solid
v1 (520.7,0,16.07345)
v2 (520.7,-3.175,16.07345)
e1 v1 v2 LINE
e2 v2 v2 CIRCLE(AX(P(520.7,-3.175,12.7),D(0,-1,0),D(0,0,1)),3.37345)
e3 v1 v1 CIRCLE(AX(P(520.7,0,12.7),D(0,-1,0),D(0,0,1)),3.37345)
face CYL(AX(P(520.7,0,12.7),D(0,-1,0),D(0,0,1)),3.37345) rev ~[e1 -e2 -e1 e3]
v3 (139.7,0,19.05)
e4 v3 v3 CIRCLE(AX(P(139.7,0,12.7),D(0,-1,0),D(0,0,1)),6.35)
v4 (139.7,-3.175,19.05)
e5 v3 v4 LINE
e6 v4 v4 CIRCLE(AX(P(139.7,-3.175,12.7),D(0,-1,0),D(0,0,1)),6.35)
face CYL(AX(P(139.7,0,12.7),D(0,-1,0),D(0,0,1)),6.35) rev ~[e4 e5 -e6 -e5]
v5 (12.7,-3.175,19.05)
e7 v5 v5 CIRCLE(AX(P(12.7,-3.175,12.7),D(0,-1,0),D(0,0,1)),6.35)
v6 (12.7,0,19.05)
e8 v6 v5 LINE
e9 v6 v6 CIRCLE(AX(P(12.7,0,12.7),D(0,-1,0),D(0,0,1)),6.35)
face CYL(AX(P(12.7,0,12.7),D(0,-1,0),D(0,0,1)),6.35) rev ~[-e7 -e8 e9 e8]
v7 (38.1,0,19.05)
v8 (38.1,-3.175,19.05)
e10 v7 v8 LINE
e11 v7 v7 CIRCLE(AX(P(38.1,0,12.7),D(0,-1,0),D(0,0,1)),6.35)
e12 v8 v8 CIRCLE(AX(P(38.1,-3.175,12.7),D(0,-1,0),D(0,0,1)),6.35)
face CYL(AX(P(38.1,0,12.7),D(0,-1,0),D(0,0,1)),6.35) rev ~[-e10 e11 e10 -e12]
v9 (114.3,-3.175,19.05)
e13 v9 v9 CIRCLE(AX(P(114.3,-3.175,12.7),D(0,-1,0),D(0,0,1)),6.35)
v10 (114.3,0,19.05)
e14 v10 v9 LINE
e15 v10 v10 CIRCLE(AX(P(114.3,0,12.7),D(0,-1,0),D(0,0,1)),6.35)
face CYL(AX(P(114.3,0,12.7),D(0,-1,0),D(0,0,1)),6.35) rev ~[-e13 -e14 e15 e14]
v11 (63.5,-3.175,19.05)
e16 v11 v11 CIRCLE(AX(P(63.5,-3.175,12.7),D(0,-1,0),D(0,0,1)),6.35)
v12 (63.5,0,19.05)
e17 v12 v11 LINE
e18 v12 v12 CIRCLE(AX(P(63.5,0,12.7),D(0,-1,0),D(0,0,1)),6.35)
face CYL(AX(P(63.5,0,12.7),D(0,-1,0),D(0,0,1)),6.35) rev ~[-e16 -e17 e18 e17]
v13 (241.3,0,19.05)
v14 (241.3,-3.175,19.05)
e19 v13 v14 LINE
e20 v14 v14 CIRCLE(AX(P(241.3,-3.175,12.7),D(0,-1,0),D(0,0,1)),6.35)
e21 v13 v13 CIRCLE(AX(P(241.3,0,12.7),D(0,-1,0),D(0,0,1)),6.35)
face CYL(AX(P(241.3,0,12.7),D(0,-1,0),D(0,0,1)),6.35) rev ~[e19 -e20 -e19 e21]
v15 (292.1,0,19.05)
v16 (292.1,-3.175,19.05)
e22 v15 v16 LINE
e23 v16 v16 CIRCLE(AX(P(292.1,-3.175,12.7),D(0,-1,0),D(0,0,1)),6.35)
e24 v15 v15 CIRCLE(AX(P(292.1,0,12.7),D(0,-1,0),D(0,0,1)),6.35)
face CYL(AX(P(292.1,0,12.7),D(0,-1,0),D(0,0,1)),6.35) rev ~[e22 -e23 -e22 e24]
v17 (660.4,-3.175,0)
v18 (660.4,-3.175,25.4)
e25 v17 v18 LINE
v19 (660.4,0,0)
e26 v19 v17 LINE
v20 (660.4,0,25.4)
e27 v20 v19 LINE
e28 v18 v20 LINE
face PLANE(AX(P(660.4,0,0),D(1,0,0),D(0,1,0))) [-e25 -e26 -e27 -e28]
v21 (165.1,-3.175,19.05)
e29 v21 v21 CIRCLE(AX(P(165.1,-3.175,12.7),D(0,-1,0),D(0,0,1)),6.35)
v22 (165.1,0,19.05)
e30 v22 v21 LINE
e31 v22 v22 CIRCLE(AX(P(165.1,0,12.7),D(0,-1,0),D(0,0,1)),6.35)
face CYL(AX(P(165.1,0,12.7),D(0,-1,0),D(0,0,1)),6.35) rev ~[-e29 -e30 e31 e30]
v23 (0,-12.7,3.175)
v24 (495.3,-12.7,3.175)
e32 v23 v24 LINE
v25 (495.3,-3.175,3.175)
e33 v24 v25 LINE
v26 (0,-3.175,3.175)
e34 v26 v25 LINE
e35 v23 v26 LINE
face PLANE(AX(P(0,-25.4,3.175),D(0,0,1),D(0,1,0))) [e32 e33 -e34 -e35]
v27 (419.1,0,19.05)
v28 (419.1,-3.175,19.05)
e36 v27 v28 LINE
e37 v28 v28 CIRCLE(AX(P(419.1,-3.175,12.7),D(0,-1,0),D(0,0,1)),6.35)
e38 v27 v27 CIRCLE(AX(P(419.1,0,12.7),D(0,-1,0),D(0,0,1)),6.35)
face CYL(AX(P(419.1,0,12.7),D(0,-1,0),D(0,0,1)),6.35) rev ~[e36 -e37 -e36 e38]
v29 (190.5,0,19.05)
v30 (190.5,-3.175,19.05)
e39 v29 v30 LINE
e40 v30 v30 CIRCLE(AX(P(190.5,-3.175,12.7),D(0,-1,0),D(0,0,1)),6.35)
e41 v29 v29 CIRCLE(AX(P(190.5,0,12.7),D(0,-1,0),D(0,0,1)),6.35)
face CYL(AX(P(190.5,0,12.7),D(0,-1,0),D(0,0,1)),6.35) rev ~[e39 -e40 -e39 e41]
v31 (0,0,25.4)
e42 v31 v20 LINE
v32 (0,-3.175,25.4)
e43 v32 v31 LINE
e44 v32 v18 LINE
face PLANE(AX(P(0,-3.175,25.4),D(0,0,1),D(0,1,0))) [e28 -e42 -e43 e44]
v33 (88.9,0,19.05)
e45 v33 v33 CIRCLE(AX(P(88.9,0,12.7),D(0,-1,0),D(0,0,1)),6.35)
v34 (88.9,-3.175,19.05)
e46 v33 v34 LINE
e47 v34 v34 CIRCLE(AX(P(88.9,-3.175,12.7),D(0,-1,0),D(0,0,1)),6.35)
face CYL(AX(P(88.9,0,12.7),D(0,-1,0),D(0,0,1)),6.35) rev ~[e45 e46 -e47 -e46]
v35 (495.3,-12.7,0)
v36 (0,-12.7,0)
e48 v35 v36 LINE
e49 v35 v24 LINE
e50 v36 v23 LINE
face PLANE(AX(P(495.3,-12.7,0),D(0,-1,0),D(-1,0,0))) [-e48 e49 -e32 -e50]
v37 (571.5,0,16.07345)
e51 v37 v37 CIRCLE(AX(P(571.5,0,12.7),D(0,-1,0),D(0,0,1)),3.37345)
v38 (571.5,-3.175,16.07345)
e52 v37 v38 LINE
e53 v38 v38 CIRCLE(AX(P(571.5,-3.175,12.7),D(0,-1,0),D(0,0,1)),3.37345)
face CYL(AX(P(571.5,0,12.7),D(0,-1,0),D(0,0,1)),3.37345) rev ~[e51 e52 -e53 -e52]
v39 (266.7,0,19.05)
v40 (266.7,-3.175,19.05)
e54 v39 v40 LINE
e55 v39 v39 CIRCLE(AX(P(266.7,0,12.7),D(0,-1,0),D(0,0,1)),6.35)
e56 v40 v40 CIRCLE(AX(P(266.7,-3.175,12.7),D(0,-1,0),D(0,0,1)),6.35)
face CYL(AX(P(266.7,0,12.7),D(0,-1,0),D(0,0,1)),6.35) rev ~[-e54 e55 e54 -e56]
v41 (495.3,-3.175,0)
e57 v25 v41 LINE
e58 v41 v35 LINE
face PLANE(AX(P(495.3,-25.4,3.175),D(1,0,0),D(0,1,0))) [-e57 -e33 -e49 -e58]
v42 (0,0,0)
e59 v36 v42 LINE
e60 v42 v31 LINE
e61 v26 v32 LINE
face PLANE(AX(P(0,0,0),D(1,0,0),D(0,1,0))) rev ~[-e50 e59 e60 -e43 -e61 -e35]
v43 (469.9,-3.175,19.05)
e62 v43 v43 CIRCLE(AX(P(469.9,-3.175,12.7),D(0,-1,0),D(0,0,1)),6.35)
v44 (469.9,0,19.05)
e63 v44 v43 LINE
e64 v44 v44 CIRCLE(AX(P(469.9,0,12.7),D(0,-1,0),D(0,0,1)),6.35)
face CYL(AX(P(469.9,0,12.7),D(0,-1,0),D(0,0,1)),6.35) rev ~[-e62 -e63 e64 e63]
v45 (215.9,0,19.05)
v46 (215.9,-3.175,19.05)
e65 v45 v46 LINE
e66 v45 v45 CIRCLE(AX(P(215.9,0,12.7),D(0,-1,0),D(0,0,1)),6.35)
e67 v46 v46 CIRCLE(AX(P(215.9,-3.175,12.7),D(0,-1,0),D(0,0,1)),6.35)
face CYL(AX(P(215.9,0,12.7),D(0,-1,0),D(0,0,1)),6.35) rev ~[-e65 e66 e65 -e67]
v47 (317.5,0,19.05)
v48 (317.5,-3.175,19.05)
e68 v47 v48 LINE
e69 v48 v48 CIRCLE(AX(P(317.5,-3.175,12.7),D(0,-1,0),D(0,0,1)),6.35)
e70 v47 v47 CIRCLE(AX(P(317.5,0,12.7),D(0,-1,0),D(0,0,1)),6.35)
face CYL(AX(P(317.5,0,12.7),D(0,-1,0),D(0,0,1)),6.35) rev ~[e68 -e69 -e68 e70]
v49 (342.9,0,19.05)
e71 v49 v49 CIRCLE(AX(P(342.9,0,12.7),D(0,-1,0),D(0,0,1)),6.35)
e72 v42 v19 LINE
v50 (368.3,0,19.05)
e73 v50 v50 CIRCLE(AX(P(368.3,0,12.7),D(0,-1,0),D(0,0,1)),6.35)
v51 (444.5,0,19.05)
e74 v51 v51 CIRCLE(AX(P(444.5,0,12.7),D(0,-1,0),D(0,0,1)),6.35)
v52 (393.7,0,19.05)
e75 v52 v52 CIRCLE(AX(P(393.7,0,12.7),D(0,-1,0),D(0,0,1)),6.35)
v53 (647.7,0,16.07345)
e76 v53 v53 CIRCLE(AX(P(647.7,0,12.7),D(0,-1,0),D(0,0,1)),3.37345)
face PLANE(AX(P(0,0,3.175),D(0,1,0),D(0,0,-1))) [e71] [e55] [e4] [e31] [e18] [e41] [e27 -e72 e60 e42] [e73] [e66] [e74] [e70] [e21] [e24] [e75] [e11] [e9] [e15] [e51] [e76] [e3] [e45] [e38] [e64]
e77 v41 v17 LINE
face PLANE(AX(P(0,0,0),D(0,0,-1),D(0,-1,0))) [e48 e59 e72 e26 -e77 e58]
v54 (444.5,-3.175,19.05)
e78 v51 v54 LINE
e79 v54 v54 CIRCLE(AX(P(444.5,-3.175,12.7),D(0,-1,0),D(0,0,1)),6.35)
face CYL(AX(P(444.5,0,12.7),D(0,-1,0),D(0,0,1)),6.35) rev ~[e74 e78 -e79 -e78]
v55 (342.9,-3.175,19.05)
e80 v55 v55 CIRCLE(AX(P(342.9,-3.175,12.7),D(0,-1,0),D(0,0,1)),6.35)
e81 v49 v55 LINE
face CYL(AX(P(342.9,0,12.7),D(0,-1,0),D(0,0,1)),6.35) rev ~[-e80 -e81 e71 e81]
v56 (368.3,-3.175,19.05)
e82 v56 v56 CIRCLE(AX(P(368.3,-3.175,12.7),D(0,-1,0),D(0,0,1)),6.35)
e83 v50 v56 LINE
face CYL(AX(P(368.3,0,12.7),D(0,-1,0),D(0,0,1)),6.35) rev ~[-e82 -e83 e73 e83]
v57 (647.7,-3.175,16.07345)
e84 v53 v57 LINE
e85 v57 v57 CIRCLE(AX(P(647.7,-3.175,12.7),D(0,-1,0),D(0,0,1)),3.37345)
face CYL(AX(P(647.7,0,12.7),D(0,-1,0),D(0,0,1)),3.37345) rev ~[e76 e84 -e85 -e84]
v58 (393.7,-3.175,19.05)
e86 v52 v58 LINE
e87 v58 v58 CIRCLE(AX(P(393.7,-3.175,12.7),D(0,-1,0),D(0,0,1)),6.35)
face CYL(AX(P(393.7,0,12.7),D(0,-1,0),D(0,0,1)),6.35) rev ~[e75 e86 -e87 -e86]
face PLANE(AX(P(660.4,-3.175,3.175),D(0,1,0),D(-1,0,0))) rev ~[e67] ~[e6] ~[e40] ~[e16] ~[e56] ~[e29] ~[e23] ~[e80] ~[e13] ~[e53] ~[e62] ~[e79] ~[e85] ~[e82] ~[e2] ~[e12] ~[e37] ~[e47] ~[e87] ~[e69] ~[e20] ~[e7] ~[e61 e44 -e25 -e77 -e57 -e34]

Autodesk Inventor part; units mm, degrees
ref_plane "YZ Plane" through (0, 0, 0) normal (1, 0, 0) x (0, 1, 0)
ref_plane "XZ Plane" through (0, 0, 0) normal (0, 1, 0) x (-1, 0, 0)
ref_plane "XY Plane" through (0, 0, 0) normal (0, 0, 1) x (1, 0, 0)
sketch "Sketch1" plane through (0, 0, 0) normal (1, 0, 0) x (0, 1, 0)
  line L0 (0, 0) -> (-3.175, 0)
  line L1 (-3.175, 0) -> (-3.175, 25.4)
  line L2 (-3.175, 25.4) -> (0, 25.4)
  line L3 (0, 25.4) -> (0, 0)
  line L4 (0, 0) -> (-25.4, 0)
  line L5 (-25.4, 0) -> (-25.4, 3.175)
  line L6 (-25.4, 3.175) -> (0, 3.175)
  line L7 (0, 3.175) -> (0, 0)
  dimension "d0" = 3.175
  dimension "d1" = 25.4
  dimension "d2" = 25.4
  dimension "d3" = 3.175
extrude "Extrusion1" add sketch "Sketch1" along normal blind 660.4
sketch "Sketch2" plane through (0, -25.4, 3.175) normal (0, 0, 1) x (1, 0, 0)
  line L0 (660.4, 22.225) -> (0, 22.225) projected
  line L1 (0, 22.225) -> (0, 0) projected
  line L2 (0, 0) -> (660.4, 0) projected
  line L3 (660.4, 22.225) -> (660.4, 0) projected
  line L4 (660.4, 0) -> (495.3, 0)
  line L5 (495.3, 0) -> (495.3, 22.225)
  line L6 (495.3, 22.225) -> (660.4, 22.225)
  line L7 (660.4, 22.225) -> (660.4, 0)
  point P0 (0, 25.4)
  dimension "d6" = 165.1
  dimension "d7" = 22.225
extrude "Extrusion2" cut sketch "Sketch2" against normal blind 25.4 contours L3 L2 L5 L0
sketch "Sketch3" plane through (0, 0, 25.4) normal (0, 1, 0) x (1, 0, 0)
  line L0 (0, 25.4) -> (0, 0) projected
  line L1 (0, 0) -> (660.4, 0) projected
  line L2 (660.4, 25.4) -> (660.4, 0) projected
  line L3 (0, 25.4) -> (660.4, 25.4) projected
  point P0 (647.7, 12.7)
  point P1 (520.7, 12.7)
  point P2 (571.5, 12.7)
  dimension "d10" = 12.7
  dimension "d11" = 12.7
  dimension "d12" = 139.7
  dimension "d13" = 12.7
  dimension "d37" = 88.9
  dimension "d38" = 12.7
sketch "Sketch4" plane through (0, -25.4, 0) normal (0, 0, -1) x (-1, 0, 0)
  line L0 (-660.4, 22.225) -> (-495.3, 22.225) projected
  line L1 (-495.3, 22.225) -> (-495.3, 0) projected
  line L2 (0, 0) -> (-495.3, 0) projected
  line L3 (0, 0) -> (0, 25.4) projected
  line L4 (0, 25.4) -> (-660.4, 25.4) projected
  line L5 (-660.4, 22.225) -> (-660.4, 25.4) projected
  line L6 (0, 0) -> (-495.3, 0)
  line L7 (-495.3, 0) -> (-495.3, 12.7)
  line L8 (-495.3, 12.7) -> (0, 12.7)
  line L9 (0, 12.7) -> (0, 0)
  dimension "d21" = 495.3
  dimension "d22" = 12.7
extrude "Extrusion3" cut sketch "Sketch4" against normal blind 25.4 contours L8 L3 L2 L1
sketch "Sketch5" plane through (0, 0, 25.4) normal (0, 1, 0) x (1, 0, 0)
  line L0 (0, 25.4) -> (0, 0) projected
  line L1 (0, 0) -> (660.4, 0) projected
  line L2 (660.4, 25.4) -> (660.4, 0) projected
  line L3 (0, 25.4) -> (660.4, 25.4) projected
  point P0 (12.7, 12.7)
  dimension "d25" = 12.7
  dimension "d26" = 12.7
hole "Hole2" at (12.7, 0, 12.7) direction (0, -1, 0) diameter 12.7 end through all
pattern_linear "Rectangular Pattern1" count 19 spacing 25.4 along (1, 0, 0) of "Hole2"
hole "Hole3" at (647.7, 0, 12.7) at (520.7, 0, 12.7) at (571.5, 0, 12.7) direction (0, -1, 0) diameter 6.7469 end through all
properties part number "bottom clamper arm" material "Aluminum 6061"
